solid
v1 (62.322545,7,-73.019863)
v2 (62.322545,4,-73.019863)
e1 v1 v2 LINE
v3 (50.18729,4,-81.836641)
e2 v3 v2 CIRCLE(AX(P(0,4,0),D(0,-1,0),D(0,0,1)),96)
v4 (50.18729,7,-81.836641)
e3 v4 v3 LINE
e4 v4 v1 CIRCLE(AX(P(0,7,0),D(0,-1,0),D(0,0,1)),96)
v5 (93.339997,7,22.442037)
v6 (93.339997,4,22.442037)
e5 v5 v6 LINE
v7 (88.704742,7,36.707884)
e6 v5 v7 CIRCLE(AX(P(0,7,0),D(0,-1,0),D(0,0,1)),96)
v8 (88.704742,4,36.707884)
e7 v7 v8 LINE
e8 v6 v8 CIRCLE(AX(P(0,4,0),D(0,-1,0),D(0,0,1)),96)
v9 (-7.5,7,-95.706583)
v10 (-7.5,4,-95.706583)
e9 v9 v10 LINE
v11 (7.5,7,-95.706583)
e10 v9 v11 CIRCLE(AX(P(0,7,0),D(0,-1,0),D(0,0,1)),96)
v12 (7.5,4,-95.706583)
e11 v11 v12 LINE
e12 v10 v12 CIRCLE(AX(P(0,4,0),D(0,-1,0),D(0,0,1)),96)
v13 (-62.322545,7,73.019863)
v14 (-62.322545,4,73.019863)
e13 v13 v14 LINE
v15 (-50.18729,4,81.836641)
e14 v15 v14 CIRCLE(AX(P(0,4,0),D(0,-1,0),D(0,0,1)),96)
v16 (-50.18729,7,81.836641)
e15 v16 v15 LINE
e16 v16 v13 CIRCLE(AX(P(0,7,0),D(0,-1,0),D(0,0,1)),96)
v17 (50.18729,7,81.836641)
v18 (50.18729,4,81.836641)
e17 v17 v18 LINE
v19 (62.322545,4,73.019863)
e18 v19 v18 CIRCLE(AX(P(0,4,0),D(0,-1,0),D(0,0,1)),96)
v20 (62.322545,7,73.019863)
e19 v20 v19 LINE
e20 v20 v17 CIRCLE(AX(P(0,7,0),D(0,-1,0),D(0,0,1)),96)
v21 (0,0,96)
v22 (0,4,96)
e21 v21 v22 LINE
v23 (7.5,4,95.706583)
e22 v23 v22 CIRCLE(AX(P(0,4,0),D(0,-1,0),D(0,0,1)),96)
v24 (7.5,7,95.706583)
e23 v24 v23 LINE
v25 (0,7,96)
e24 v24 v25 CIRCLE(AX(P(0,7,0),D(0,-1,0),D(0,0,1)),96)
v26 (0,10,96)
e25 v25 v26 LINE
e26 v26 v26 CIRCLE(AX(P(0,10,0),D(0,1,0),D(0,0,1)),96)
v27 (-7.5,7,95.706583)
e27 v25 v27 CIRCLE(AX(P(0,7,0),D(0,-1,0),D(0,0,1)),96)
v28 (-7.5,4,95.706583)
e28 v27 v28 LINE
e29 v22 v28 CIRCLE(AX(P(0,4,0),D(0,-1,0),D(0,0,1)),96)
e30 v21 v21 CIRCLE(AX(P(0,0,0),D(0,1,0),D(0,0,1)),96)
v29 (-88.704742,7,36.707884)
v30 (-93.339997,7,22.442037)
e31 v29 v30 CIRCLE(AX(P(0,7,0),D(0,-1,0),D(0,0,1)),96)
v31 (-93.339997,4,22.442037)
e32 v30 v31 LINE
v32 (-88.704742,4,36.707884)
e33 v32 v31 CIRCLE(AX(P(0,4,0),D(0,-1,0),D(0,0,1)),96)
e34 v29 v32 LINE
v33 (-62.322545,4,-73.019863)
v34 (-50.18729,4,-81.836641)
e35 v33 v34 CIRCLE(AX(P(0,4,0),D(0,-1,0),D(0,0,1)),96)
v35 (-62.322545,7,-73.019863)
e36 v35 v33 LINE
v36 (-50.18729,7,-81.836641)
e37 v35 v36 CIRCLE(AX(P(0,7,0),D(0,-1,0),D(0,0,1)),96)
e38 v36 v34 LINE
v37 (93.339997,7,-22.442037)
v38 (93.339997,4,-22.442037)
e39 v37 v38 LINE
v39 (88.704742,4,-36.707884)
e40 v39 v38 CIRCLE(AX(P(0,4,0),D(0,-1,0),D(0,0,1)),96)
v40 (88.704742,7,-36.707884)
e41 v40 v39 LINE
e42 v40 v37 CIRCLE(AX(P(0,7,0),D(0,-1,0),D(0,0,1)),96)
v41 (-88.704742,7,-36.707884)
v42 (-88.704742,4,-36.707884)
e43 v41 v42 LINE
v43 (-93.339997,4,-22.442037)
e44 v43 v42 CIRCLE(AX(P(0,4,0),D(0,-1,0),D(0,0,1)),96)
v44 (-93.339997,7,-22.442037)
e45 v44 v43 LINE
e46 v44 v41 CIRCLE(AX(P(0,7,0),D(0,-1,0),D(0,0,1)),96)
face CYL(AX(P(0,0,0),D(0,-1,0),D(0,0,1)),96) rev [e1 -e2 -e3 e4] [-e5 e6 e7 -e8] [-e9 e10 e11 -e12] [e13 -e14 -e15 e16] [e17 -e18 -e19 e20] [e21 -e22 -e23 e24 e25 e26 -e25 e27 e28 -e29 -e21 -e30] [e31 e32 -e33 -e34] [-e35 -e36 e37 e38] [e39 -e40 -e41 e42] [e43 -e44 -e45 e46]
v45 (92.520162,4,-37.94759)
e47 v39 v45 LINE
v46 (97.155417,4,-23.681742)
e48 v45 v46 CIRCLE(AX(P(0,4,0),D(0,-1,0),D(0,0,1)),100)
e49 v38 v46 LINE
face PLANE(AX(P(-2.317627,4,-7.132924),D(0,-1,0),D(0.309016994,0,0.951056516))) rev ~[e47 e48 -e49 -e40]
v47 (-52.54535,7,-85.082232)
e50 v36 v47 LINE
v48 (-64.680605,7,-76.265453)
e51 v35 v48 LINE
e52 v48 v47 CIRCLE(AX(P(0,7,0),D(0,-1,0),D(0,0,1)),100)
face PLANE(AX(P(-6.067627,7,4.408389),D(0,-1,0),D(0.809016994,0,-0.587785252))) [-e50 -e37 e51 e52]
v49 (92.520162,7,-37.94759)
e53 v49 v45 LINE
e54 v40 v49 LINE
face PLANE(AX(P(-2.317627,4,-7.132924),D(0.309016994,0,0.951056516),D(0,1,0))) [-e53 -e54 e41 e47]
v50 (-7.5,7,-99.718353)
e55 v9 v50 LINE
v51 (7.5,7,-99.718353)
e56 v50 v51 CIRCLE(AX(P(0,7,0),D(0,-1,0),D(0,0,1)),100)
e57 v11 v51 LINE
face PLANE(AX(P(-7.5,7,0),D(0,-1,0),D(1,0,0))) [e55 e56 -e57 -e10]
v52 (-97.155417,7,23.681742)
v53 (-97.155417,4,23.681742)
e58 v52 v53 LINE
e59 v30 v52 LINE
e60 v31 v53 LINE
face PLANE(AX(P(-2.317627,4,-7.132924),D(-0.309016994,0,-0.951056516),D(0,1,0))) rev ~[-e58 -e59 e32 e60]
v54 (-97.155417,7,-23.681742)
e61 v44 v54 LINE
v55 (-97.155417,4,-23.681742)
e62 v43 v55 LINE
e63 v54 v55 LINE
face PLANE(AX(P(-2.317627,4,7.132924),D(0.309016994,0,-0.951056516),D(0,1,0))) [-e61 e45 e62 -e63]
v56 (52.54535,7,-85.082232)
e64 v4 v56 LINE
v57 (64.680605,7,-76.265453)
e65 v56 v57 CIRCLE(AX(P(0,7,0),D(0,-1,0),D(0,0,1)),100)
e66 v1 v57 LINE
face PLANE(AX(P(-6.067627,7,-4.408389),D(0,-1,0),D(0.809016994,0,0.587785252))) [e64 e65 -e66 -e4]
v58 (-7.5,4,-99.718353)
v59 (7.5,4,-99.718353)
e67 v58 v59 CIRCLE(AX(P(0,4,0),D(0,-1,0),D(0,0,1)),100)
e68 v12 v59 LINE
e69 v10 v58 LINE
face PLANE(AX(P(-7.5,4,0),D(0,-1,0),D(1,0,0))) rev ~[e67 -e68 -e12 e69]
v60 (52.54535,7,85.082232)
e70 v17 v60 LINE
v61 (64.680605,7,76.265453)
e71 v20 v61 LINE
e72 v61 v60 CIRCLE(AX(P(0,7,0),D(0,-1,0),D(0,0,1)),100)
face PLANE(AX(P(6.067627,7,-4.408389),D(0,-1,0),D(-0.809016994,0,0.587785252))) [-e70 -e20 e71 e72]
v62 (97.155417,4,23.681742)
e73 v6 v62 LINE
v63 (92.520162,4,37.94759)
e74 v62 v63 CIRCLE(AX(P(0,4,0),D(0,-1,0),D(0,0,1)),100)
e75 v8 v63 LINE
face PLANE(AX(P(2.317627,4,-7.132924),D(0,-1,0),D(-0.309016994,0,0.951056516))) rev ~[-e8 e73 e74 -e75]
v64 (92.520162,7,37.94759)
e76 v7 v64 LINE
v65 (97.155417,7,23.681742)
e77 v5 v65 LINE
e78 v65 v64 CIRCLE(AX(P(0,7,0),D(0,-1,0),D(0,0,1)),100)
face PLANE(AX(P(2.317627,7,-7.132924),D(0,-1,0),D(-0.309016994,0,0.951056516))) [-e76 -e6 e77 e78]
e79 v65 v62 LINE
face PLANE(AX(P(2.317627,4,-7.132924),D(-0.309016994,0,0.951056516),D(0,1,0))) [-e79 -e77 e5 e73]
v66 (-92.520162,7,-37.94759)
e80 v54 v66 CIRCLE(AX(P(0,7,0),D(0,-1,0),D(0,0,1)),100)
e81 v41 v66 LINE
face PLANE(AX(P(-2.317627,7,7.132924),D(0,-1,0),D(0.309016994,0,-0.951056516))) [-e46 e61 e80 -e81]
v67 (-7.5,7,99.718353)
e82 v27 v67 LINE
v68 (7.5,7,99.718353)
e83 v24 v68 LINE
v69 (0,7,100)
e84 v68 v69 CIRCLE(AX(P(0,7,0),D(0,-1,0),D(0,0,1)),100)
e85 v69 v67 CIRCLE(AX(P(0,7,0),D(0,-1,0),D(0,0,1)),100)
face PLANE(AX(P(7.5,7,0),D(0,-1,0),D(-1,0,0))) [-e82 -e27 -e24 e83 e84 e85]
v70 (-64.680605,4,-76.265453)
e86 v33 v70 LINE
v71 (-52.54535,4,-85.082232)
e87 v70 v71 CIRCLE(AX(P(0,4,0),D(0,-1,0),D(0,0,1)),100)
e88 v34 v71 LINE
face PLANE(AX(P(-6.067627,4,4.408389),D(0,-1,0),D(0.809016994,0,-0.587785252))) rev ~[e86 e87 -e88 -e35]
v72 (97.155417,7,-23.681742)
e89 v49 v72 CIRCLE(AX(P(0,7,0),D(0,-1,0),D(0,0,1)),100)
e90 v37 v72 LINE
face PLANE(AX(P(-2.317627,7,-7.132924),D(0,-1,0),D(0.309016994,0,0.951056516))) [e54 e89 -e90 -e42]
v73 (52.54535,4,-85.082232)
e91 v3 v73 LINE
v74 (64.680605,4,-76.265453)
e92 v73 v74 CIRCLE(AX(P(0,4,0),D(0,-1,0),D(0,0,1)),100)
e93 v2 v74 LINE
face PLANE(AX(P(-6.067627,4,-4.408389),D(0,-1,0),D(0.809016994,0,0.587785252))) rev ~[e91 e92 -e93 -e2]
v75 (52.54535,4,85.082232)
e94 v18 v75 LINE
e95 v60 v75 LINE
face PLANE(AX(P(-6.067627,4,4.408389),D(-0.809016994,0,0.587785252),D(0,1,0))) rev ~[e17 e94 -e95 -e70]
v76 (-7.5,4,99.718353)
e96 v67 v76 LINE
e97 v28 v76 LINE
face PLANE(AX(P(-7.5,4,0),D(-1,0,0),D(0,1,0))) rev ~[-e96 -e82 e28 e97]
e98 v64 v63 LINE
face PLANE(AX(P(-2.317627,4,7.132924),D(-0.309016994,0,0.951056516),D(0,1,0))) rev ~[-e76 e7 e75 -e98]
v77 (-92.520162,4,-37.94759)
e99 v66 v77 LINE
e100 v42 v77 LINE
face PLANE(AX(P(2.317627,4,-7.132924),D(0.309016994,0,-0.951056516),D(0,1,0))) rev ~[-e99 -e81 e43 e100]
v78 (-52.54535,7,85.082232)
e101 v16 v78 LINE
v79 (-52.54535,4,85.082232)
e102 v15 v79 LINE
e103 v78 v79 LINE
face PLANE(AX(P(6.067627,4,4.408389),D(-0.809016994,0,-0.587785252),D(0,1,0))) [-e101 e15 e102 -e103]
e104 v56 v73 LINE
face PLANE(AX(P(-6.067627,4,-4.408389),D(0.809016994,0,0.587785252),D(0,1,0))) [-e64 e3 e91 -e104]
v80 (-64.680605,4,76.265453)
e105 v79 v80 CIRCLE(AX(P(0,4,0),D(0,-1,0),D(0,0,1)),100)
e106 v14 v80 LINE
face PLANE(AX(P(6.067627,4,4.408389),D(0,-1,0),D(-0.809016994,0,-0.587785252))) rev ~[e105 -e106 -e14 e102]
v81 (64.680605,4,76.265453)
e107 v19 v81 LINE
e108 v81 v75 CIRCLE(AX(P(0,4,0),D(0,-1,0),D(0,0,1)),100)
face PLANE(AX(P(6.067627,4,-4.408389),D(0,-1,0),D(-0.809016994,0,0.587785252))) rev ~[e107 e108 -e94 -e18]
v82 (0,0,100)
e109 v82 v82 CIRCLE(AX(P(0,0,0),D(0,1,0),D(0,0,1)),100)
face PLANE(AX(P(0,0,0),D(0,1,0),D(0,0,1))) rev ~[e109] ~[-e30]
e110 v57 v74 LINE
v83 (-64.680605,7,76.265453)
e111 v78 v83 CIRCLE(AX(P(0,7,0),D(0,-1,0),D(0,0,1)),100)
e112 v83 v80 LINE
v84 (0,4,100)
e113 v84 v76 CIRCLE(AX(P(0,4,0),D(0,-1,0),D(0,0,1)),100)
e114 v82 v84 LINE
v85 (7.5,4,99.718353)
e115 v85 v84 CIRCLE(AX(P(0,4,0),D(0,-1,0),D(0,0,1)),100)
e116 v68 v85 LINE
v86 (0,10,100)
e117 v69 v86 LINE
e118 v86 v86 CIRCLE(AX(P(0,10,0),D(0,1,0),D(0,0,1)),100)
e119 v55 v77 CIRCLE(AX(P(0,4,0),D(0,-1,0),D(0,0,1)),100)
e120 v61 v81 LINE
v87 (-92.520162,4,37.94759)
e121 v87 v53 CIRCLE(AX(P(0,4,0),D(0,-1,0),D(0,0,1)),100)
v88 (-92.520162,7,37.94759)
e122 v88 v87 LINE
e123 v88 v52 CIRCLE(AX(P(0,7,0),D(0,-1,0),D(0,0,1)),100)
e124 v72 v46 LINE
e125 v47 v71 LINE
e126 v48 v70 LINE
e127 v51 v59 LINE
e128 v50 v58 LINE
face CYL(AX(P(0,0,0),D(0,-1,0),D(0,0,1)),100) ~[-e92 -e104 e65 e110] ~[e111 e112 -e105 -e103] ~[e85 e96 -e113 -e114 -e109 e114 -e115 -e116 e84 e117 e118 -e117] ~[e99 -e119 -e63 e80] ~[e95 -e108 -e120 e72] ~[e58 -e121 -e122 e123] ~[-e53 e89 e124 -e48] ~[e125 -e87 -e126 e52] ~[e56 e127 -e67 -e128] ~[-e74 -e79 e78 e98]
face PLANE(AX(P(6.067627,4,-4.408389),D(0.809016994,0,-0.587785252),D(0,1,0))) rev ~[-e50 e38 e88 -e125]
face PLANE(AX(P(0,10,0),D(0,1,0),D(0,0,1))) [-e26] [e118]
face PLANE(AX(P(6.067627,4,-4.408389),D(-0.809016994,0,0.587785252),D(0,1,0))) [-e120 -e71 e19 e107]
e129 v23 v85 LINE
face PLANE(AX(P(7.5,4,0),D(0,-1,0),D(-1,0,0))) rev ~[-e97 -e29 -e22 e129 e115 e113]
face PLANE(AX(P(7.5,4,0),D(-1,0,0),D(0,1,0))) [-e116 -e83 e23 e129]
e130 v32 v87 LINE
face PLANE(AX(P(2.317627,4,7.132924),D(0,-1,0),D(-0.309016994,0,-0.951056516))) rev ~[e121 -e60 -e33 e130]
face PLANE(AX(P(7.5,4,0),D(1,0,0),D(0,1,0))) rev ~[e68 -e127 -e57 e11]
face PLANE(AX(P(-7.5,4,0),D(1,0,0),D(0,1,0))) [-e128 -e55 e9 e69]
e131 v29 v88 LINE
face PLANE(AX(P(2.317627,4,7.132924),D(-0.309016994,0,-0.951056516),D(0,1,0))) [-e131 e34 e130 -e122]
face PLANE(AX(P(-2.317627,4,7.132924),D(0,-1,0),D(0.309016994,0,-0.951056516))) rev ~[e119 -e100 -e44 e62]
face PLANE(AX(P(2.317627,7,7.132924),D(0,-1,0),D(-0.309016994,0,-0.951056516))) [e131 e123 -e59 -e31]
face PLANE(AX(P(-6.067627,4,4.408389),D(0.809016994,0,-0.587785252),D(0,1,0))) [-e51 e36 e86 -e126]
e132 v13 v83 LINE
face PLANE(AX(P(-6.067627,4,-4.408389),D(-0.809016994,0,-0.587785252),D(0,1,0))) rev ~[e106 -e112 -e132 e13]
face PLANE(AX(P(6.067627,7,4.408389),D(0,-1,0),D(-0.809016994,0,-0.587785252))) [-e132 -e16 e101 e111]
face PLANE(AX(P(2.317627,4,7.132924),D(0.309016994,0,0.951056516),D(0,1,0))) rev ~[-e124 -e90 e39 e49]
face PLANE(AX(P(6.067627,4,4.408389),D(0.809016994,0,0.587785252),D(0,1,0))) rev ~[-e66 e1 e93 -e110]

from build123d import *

# Parameters (mm, degrees)
SKETCH1_R           = 100
SKETCH1_R_2         = 96
BOSS_EXTRUDE1_DEPTH = 10
SKETCH2_W           = 15
SKETCH2_H           = 3
CUT_EXTRUDE1_DEPTH  = 142.774468788
CIRPATTERN1_COUNT   = 10


with BuildPart() as part:
    # Sketch1 → Boss-Extrude1 (new body)
    with BuildSketch(Plane(origin=(0, 0, 0), x_dir=(1, 0, 0), z_dir=(0, 1, 0))):
        Circle(SKETCH1_R)
        Circle(SKETCH1_R_2, mode=Mode.SUBTRACT)
    extrude(amount=BOSS_EXTRUDE1_DEPTH)

    # Sketch2 → Cut-Extrude1 (cut, through all)
    with BuildSketch(Plane.XY):
        with Locations((0, 5.5)):
            Rectangle(SKETCH2_W, SKETCH2_H)
    cut_extrude1 = extrude(amount=-CUT_EXTRUDE1_DEPTH, mode=Mode.SUBTRACT)

    # CirPattern1: Cut-Extrude1 ×10 about axis
    cirpattern1_axis = Axis((0, 10, 0), (0, -1, 0))
    for i in range(1, CIRPATTERN1_COUNT):
        add(cut_extrude1.rotate(cirpattern1_axis, i * 360 / CIRPATTERN1_COUNT), mode=Mode.SUBTRACT)


solid = part.part
